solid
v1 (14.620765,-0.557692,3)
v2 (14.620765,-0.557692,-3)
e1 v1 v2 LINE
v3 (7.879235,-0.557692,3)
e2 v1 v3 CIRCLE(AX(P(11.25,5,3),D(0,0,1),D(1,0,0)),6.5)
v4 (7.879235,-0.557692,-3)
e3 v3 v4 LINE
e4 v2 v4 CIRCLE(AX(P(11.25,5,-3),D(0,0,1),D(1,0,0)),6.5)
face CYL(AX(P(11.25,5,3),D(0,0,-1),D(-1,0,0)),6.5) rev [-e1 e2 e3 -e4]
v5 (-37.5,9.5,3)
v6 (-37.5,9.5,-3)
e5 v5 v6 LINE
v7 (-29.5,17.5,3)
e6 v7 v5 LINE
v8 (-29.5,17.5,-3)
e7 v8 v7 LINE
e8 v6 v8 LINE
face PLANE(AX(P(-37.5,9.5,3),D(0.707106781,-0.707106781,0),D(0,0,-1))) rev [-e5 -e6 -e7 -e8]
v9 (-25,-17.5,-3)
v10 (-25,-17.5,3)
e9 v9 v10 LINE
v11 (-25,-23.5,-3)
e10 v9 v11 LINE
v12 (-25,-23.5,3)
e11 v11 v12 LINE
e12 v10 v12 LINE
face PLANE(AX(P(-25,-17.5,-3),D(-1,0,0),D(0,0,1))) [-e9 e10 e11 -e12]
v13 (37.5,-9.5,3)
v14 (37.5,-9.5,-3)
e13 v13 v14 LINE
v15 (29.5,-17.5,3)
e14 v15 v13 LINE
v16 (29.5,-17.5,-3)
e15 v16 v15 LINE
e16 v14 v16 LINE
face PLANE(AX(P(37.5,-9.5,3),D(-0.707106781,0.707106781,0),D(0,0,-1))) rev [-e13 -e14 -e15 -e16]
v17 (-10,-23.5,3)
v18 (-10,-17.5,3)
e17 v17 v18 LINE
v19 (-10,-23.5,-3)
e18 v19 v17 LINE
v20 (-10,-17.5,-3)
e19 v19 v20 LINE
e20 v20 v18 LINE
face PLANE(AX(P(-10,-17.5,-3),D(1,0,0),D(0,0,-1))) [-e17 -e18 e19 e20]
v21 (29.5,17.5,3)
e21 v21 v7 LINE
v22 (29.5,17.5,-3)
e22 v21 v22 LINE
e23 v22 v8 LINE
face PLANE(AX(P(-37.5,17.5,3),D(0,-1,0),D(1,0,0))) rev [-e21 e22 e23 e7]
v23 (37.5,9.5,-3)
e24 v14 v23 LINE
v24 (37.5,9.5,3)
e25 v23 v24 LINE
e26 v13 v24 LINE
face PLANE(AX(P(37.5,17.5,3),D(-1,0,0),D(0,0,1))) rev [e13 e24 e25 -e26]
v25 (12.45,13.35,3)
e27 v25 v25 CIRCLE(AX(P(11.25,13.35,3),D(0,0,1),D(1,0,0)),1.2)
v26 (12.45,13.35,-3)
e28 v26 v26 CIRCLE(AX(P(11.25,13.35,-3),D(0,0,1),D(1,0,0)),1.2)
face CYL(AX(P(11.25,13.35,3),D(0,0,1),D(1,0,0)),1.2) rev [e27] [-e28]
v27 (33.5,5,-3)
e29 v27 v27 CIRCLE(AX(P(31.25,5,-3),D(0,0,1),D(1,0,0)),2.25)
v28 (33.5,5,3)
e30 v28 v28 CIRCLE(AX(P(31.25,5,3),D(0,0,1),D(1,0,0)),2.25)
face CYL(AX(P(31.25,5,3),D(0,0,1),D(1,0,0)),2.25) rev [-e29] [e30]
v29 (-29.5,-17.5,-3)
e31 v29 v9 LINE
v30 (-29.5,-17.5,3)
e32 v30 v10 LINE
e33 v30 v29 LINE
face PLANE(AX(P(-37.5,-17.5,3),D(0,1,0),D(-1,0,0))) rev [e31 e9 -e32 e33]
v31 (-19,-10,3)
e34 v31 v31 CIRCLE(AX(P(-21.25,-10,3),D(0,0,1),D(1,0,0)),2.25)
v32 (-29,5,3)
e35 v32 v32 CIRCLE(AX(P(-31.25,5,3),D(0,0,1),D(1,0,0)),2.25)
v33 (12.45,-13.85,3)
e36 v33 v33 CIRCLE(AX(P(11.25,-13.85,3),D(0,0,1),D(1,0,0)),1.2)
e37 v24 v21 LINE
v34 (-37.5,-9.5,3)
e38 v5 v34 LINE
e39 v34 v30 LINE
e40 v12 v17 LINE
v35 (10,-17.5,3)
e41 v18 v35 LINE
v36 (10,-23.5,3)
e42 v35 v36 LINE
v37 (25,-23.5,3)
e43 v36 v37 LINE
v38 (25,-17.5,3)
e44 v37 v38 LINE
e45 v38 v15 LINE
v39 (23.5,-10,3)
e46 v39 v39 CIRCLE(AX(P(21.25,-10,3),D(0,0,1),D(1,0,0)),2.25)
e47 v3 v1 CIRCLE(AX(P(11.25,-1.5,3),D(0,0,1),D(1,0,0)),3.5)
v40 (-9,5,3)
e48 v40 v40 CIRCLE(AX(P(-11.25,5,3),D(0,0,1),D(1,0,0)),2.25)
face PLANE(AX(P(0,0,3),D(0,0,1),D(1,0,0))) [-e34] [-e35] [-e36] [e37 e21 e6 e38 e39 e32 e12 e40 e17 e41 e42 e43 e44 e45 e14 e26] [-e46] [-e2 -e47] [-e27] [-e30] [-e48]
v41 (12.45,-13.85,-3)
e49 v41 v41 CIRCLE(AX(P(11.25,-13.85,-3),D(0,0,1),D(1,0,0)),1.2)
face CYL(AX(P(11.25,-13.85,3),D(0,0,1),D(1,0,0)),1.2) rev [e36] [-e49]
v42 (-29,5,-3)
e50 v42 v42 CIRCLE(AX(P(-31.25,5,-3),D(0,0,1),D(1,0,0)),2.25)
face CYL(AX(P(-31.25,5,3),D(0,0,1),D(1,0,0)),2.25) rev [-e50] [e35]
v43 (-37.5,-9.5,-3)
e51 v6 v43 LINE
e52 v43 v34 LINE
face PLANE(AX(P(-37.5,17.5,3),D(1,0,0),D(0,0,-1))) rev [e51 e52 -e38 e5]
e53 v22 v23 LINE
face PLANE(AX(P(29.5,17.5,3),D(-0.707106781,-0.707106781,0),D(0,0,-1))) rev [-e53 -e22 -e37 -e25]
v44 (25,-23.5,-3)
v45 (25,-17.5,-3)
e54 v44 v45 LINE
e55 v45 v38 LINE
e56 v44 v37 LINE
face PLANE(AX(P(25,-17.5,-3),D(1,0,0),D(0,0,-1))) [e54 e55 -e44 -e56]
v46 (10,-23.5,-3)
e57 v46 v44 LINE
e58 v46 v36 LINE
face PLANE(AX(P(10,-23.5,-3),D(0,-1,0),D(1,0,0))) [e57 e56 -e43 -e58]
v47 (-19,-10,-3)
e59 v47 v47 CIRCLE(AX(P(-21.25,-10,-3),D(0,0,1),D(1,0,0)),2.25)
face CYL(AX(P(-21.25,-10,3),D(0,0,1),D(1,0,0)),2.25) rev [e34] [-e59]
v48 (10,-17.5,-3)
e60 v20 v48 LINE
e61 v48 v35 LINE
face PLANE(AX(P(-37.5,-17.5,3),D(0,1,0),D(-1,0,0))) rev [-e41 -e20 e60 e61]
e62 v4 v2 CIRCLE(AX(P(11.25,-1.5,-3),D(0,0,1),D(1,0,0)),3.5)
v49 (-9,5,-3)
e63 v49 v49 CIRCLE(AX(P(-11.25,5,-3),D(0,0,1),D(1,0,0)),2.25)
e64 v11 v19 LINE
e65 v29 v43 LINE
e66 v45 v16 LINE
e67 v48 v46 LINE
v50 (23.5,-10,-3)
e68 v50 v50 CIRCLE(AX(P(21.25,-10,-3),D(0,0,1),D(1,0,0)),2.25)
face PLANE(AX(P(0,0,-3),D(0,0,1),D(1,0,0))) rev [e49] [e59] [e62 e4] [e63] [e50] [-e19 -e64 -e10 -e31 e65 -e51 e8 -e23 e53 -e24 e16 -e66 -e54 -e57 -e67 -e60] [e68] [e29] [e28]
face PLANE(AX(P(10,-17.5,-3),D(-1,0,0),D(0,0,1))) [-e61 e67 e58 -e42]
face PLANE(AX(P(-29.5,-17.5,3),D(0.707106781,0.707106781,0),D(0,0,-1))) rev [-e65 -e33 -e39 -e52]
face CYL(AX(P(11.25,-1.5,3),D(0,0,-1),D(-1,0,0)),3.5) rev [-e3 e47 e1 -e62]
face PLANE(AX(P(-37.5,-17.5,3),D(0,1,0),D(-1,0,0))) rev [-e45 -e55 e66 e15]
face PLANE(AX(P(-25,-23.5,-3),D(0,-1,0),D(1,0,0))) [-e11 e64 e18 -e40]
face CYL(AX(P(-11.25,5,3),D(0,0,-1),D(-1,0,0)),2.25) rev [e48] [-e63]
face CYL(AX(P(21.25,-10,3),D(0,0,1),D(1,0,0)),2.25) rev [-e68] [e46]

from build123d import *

# Parameters (mm, degrees)
CROQUIS1_W                   = 75
CROQUIS1_H                   = 35
CROQUIS1_R                   = 2.25
SALIENTE_EXTRUIR1_DEPTH      = 3
TALADRO_DE_MARGEN_PARA_M41_D = 4.5
TALADRO_DE_MARGEN_PARA_M21_D = 2.4
CROQUIS6_W                   = 15
CROQUIS6_H                   = 6
SALIENTE_EXTRUIR2_DEPTH      = 6
REDONDEO1_SIZE               = 8


with BuildPart() as part:
    # Croquis1 → Saliente-Extruir1 (new, symmetric)
    with BuildSketch(Plane.XY):
        Rectangle(CROQUIS1_W, CROQUIS1_H)
        with Locations((-11.25, 5)):
            Circle(CROQUIS1_R, mode=Mode.SUBTRACT)
        with BuildLine():
            ThreePointArc((14.62076493, -0.557692308), (11.25, 11.5), (7.87923507, -0.557692308))
            ThreePointArc((7.87923507, -0.557692308), (11.25, -5), (14.62076493, -0.557692308))
        make_face(mode=Mode.SUBTRACT)
    extrude(amount=SALIENTE_EXTRUIR1_DEPTH, both=True)

    # Taladro de margen para M41 (through all)
    with Locations(Plane.XY.offset(3)):
        with Locations((-31.25, 5), (31.25, 5), (21.25, -10), (-21.25, -10)):
            Hole(TALADRO_DE_MARGEN_PARA_M41_D / 2)

    # Taladro de margen para M21 (through all)
    with Locations(Plane.XY.offset(3)):
        with Locations((11.25, 13.35), (11.25, -13.85)):
            Hole(TALADRO_DE_MARGEN_PARA_M21_D / 2)

    # Croquis6 → Saliente-Extruir2 (add, through all)
    with BuildSketch(Plane.XY.offset(3)):
        with Locations((-17.5, -20.5)):
            Rectangle(CROQUIS6_W, CROQUIS6_H)
        with Locations((17.5, -20.5)):
            Rectangle(CROQUIS6_W, CROQUIS6_H)
    extrude(amount=-SALIENTE_EXTRUIR2_DEPTH)

    # Redondeo1
    redondeo1_edges = [part.edges().sort_by_distance(p)[0] for p in [
        (-37.5, 17.5, 0),
        (37.5, 17.5, 0),
        (37.5, -17.5, 0),
        (-37.5, -17.5, 0),
    ]]
    chamfer(redondeo1_edges, length=REDONDEO1_SIZE)


solid = part.part
